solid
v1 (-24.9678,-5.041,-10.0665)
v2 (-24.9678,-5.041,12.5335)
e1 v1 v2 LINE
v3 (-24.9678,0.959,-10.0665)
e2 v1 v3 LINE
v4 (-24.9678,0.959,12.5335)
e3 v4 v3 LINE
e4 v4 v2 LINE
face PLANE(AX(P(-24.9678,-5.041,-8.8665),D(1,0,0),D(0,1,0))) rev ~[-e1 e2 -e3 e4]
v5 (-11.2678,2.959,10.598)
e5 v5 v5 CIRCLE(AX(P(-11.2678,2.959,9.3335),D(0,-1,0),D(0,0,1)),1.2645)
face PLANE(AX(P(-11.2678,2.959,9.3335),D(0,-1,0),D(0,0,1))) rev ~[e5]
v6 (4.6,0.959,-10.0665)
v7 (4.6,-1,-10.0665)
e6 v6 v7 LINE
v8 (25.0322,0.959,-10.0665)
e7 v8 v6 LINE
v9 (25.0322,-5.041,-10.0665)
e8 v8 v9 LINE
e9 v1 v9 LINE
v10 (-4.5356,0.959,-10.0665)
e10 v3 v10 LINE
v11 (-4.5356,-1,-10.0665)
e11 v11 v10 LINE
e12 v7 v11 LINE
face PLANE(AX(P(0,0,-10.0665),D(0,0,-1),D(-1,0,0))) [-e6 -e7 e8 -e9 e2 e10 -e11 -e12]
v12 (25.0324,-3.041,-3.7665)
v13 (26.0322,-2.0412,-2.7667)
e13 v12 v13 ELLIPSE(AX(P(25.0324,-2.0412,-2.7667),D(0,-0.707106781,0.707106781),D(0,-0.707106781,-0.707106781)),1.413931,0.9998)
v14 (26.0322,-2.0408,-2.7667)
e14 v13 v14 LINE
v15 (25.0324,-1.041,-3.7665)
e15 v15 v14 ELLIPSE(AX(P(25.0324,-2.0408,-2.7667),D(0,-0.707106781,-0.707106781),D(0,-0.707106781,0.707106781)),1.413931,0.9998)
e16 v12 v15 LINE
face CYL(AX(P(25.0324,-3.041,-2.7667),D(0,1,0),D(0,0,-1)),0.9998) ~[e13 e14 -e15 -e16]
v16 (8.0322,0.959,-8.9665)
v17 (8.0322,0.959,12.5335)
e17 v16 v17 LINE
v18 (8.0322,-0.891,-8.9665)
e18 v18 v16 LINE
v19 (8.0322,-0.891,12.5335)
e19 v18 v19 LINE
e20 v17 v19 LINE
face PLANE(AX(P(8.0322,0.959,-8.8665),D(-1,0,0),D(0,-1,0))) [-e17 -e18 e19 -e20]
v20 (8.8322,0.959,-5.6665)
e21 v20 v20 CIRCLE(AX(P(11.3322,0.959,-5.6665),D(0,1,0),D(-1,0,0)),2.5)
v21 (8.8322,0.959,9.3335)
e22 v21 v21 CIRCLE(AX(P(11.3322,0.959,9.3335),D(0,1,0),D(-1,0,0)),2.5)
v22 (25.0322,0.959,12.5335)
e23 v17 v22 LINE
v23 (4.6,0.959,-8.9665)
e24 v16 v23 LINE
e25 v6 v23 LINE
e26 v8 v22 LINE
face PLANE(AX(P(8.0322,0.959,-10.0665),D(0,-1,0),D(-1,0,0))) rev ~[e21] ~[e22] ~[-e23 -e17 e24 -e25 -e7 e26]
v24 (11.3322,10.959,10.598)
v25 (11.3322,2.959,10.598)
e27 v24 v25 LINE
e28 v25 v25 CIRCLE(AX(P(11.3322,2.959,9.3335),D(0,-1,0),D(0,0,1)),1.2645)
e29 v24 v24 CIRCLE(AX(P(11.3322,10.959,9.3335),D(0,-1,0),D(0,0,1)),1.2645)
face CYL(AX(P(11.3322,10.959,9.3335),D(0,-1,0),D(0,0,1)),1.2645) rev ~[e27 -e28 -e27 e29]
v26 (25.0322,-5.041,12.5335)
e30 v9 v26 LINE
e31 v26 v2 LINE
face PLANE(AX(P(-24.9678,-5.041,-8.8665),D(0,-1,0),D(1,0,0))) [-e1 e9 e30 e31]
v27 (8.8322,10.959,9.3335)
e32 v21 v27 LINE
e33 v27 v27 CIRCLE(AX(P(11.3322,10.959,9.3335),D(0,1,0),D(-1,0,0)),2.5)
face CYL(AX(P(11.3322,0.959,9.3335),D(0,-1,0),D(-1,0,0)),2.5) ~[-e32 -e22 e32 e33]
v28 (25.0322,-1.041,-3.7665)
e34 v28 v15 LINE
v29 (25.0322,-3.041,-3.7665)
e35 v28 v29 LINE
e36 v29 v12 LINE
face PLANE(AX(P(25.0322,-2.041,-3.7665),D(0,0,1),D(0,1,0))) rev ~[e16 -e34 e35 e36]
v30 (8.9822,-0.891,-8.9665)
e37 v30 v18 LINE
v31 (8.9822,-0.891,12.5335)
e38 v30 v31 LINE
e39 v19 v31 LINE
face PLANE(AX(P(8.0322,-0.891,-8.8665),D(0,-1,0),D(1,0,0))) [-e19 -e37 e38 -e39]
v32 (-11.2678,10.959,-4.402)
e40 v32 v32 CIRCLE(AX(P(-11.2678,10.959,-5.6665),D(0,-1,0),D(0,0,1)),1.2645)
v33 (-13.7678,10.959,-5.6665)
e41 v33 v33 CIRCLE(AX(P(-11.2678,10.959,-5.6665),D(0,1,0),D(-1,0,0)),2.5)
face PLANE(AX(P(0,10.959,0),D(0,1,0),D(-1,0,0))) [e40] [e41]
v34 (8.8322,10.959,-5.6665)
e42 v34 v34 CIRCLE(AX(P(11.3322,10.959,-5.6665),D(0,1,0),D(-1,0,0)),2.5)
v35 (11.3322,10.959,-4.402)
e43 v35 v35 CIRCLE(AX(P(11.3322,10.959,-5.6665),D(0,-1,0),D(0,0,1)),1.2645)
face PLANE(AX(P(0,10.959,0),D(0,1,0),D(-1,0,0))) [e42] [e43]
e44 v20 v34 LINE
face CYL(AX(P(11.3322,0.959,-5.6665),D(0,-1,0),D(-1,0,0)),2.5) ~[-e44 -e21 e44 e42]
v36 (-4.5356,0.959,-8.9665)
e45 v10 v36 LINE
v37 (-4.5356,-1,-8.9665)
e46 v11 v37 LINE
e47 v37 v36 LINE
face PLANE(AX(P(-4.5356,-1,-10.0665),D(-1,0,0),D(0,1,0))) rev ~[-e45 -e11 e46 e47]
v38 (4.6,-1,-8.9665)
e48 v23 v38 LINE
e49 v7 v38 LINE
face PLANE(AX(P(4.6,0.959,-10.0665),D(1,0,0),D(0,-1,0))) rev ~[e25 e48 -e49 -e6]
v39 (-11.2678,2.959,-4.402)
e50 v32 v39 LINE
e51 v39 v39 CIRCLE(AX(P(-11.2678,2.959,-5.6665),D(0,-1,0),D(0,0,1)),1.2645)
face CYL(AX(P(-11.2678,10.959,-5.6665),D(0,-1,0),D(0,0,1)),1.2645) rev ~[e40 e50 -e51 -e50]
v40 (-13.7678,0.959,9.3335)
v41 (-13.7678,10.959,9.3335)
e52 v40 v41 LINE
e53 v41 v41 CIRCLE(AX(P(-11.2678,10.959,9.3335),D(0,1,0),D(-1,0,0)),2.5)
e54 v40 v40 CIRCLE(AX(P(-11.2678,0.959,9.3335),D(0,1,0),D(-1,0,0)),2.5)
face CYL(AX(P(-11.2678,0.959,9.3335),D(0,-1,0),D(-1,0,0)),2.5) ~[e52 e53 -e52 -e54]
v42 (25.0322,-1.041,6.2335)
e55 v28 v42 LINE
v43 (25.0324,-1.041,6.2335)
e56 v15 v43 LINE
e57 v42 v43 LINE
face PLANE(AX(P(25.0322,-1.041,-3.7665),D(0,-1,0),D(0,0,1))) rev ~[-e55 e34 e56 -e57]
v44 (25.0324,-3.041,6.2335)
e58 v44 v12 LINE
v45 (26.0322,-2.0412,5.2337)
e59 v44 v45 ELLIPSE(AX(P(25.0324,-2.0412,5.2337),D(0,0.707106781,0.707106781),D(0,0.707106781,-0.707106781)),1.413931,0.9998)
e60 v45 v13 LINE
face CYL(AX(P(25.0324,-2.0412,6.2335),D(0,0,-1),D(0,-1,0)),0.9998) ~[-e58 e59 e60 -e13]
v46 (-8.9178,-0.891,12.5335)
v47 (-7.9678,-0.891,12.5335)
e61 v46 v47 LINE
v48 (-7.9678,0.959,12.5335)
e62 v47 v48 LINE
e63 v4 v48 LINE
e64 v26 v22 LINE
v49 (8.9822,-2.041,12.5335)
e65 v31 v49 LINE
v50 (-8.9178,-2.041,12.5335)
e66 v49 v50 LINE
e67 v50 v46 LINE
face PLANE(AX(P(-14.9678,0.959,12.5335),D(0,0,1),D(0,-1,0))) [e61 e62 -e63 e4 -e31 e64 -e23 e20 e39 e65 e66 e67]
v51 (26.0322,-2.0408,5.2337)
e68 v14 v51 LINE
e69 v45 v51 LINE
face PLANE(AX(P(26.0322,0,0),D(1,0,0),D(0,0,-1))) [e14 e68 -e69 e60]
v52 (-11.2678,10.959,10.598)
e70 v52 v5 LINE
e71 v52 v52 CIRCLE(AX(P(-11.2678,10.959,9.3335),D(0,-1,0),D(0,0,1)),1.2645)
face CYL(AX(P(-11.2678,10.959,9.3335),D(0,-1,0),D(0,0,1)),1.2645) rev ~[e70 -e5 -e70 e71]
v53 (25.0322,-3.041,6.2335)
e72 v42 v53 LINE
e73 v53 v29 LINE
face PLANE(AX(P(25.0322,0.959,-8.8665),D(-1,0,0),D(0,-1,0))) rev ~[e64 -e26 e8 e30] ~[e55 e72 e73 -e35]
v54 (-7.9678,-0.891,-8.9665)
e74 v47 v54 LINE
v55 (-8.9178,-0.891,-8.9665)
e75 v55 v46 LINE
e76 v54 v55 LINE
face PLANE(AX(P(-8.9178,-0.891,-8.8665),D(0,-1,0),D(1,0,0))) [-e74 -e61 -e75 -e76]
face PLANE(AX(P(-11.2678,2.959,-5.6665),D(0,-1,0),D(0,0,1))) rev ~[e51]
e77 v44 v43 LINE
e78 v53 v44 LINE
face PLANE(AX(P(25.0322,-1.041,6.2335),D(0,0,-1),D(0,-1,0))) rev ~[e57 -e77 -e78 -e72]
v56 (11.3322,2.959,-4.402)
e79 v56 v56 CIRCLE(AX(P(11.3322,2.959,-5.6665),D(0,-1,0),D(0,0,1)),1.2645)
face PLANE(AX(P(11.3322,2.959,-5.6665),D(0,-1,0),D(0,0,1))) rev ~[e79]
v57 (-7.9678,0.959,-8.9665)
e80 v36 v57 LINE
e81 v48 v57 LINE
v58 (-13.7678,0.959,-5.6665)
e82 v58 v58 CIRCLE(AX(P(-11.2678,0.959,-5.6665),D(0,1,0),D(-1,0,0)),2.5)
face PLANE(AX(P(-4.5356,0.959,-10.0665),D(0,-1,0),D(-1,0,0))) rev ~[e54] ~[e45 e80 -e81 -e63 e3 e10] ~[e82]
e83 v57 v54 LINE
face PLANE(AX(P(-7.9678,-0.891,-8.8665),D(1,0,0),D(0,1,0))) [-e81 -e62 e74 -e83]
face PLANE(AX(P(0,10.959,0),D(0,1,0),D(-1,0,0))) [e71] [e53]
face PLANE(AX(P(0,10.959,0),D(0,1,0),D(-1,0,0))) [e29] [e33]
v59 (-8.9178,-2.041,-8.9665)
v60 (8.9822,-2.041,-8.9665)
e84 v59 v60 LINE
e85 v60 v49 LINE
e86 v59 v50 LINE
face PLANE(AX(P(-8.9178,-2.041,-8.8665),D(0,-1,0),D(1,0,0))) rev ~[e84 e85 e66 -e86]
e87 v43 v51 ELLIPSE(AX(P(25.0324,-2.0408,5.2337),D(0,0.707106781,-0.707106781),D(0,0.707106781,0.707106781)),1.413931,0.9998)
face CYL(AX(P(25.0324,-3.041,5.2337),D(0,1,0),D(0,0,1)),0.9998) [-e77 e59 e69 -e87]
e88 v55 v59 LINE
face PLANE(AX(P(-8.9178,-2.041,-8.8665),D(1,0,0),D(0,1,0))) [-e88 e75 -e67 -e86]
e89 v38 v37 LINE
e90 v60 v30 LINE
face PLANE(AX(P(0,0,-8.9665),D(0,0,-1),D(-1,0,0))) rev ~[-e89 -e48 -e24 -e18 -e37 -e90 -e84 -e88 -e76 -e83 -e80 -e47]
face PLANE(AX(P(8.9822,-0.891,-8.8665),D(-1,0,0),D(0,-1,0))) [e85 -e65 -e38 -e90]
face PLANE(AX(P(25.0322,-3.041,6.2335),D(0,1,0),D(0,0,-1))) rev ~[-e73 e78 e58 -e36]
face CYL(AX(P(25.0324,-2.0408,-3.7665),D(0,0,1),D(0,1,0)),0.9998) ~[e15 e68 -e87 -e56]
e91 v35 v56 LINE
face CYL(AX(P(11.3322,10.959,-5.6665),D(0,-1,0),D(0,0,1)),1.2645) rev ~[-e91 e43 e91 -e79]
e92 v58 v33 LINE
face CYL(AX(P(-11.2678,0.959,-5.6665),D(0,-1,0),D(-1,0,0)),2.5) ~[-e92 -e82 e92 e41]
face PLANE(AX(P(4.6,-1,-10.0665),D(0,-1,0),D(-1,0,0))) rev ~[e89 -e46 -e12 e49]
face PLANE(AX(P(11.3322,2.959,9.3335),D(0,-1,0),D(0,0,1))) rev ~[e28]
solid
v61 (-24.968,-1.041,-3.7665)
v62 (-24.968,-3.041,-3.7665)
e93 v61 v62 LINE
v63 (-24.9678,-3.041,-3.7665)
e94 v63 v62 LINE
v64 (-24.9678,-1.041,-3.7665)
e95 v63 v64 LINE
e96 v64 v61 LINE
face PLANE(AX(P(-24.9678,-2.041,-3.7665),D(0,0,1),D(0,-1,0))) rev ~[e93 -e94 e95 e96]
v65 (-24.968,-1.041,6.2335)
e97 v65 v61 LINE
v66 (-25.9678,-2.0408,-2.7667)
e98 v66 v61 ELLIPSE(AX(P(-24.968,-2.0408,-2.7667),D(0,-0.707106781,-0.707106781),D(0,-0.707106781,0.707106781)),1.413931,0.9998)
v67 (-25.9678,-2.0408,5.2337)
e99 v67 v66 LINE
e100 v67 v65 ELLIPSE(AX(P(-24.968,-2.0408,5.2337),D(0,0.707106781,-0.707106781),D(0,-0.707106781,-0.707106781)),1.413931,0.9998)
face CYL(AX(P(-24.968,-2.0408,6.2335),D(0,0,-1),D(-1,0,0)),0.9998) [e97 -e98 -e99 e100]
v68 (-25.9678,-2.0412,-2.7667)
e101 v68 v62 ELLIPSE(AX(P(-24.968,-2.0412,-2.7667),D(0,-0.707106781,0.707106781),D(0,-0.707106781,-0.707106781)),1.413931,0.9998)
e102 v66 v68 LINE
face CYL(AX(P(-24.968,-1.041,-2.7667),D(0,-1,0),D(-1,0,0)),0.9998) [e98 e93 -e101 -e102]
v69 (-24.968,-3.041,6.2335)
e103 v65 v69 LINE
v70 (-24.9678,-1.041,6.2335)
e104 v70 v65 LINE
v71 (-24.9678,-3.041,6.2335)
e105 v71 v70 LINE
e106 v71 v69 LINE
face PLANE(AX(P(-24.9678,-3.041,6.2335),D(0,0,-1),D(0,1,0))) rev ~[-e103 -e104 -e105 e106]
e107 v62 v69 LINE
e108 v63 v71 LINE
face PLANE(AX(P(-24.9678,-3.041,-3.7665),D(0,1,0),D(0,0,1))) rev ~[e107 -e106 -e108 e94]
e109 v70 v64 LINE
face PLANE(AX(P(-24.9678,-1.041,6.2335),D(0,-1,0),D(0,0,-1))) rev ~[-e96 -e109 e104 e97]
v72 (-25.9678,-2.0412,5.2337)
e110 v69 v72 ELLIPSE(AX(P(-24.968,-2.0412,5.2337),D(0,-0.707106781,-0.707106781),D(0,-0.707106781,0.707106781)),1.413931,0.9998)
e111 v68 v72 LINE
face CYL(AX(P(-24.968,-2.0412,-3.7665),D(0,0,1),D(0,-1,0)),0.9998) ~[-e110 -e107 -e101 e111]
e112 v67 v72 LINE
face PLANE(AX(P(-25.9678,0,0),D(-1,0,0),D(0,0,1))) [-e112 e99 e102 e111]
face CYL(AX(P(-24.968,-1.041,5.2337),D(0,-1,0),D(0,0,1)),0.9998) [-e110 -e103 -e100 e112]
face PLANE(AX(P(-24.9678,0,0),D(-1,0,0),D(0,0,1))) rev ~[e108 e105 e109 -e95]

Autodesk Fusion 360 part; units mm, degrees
sketch "Sketch6" plane through (0, -2.041, 0) normal (0, -1, 0) x (1, 0, 0)
  arc A0 (-8.8678, -6.7665) -> (-6.8678, -8.7665) centre (-6.8678, -6.7665) ccw
  line L0 (-6.8678, -8.7665) -> (6.9322, -8.7665)
  arc A1 (6.9322, -8.7665) -> (8.9322, -6.7665) centre (6.9322, -6.7665) ccw
  line L1 (8.9322, -6.7665) -> (8.9322, -6.6865)
  line L2 (8.9322, -6.6865) -> (7.6522, -6.6865)
  arc A2 (7.6522, -4.8865) -> (7.6522, -6.6865) centre (7.6522, -5.7865) ccw
  line L3 (7.6522, -4.8865) -> (8.9322, -4.8865)
  line L4 (8.9322, -4.8865) -> (8.9322, -4.1465)
  line L5 (8.9322, -4.1465) -> (7.6522, -4.1465)
  arc A3 (7.6522, -2.3465) -> (7.6522, -4.1465) centre (7.6522, -3.2465) ccw
  line L6 (7.6522, -2.3465) -> (8.9322, -2.3465)
  line L7 (8.9322, -2.3465) -> (8.9322, -1.6065)
  line L8 (8.9322, -1.6065) -> (7.6522, -1.6065)
  arc A4 (7.6522, 0.1935) -> (7.6522, -1.6065) centre (7.6522, -0.7065) ccw
  line L9 (7.6522, 0.1935) -> (8.9322, 0.1935)
  line L10 (8.9322, 0.1935) -> (8.9322, 0.9335)
  line L11 (8.9322, 0.9335) -> (7.6522, 0.9335)
  arc A5 (7.6522, 2.7335) -> (7.6522, 0.9335) centre (7.6522, 1.8335) ccw
  line L12 (7.6522, 2.7335) -> (8.9322, 2.7335)
  line L13 (8.9322, 2.7335) -> (8.9322, 3.4735)
  line L14 (8.9322, 3.4735) -> (7.6522, 3.4735)
  arc A6 (7.6522, 5.2735) -> (7.6522, 3.4735) centre (7.6522, 4.3735) ccw
  line L15 (7.6522, 5.2735) -> (8.9322, 5.2735)
  line L16 (8.9322, 5.2735) -> (8.9322, 6.0135)
  line L17 (8.9322, 6.0135) -> (7.6522, 6.0135)
  arc A7 (7.6522, 7.8135) -> (7.6522, 6.0135) centre (7.6522, 6.9135) ccw
  line L18 (7.6522, 7.8135) -> (8.9322, 7.8135)
  line L19 (8.9322, 7.8135) -> (8.9322, 8.5535)
  line L20 (8.9322, 8.5535) -> (7.6522, 8.5535)
  arc A8 (7.6522, 10.3535) -> (7.6522, 8.5535) centre (7.6522, 9.4535) ccw
  line L21 (7.6522, 10.3535) -> (8.9322, 10.3535)
  line L22 (8.9322, 10.3535) -> (8.9322, 10.4335)
  arc A9 (8.9322, 10.4335) -> (6.9322, 12.4335) centre (6.9322, 10.4335) ccw
  line L23 (6.9322, 12.4335) -> (-6.8678, 12.4335)
  arc A10 (-6.8678, 12.4335) -> (-8.8678, 10.4335) centre (-6.8678, 10.4335) ccw
  line L24 (-8.8678, 10.4335) -> (-8.8678, 10.3535)
  line L25 (-8.8678, 10.3535) -> (-7.5878, 10.3535)
  arc A11 (-7.5878, 8.5535) -> (-7.5878, 10.3535) centre (-7.5878, 9.4535) ccw
  line L26 (-7.5878, 8.5535) -> (-8.8678, 8.5535)
  line L27 (-8.8678, 8.5535) -> (-8.8678, 7.8135)
  line L28 (-8.8678, 7.8135) -> (-7.5878, 7.8135)
  arc A12 (-7.5878, 6.0135) -> (-7.5878, 7.8135) centre (-7.5878, 6.9135) ccw
  line L29 (-7.5878, 6.0135) -> (-8.8678, 6.0135)
  line L30 (-8.8678, 6.0135) -> (-8.8678, 5.2735)
  line L31 (-8.8678, 5.2735) -> (-7.5878, 5.2735)
  arc A13 (-7.5878, 3.4735) -> (-7.5878, 5.2735) centre (-7.5878, 4.3735) ccw
  line L32 (-7.5878, 3.4735) -> (-8.8678, 3.4735)
  line L33 (-8.8678, 3.4735) -> (-8.8678, 2.7335)
  line L34 (-8.8678, 2.7335) -> (-7.5878, 2.7335)
  arc A14 (-7.5878, 0.9335) -> (-7.5878, 2.7335) centre (-7.5878, 1.8335) ccw
  line L35 (-7.5878, 0.9335) -> (-8.8678, 0.9335)
  line L36 (-8.8678, 0.9335) -> (-8.8678, 0.1935)
  line L37 (-8.8678, 0.1935) -> (-7.5878, 0.1935)
  arc A15 (-7.5878, -1.6065) -> (-7.5878, 0.1935) centre (-7.5878, -0.7065) ccw
  line L38 (-7.5878, -1.6065) -> (-8.8678, -1.6065)
  line L39 (-8.8678, -1.6065) -> (-8.8678, -2.3465)
  line L40 (-8.8678, -2.3465) -> (-7.5878, -2.3465)
  arc A16 (-7.5878, -4.1465) -> (-7.5878, -2.3465) centre (-7.5878, -3.2465) ccw
  line L41 (-7.5878, -4.1465) -> (-8.8678, -4.1465)
  line L42 (-8.8678, -4.1465) -> (-8.8678, -4.8865)
  line L43 (-8.8678, -4.8865) -> (-7.5878, -4.8865)
  arc A17 (-7.5878, -6.6865) -> (-7.5878, -4.8865) centre (-7.5878, -5.7865) ccw
  line L44 (-7.5878, -6.6865) -> (-8.8678, -6.6865)
  line L45 (-8.8678, -6.6865) -> (-8.8678, -6.7665)
  line L46 (0.0322, -8.7665) -> (0.0322, 12.4335)
  line L47 (25.0322, 12.5335) -> (-24.9678, 12.5335)
  line L48 (-24.9678, 12.5335) -> (-24.9678, -8.8665)
  line L49 (-24.9678, -8.8665) -> (25.0322, -8.8665)
  line L50 (25.0322, -8.8665) -> (25.0322, 12.5335)
  line L51 (25.0322, 12.5335) -> (-24.9678, -8.8665) construction
  line L52 (-24.9678, 12.5335) -> (25.0322, -8.8665) construction
  point P0 (0.0322, 1.8335)
  point P1 (0.0322, 1.8335)
  dimension "d1" = 50
  dimension "d2" = 21.4
extrude "Extrude1" add sketch "Sketch6" along normal blind 3 contours A0 L0 L23 A10 L24 L25 A11 L26 L27 L28 A12 L29 L30 L31 A13 L32 L33 L34 A14 L35 L36 L37 A15 L38 L39 L40 A16 L41 L42 L43 A17 L44 L45 L46 | L0 A1 L1 L2 A2 L3 L4 L5 A3 L6 L7 L8 A4 L9 L10 L11 A5 L12 L13 L14 A6 L15 L16 L17 A7 L18 L19 L20 A8 L21 L22 A9 L23 L46 | L47 L48 L49 L50 makes body 1
sketch "Sketch7" plane through (0, 0, 12.5335) normal (0, 0, 1) x (1, 0, 0)
  line L0 (25.0322, -2.041) -> (-24.9678, -2.041)
  line L1 (-24.9678, -2.041) -> (-24.9678, -5.041)
  line L2 (-24.9678, -5.041) -> (25.0322, -5.041)
  line L3 (25.0322, -5.041) -> (25.0322, -2.041)
  line L4 (-8.8678, -2.041) -> (8.9323, -2.041)
  line L5 (15.0322, -2.041) -> (15.0322, 0.959)
  line L6 (-14.9678, 0.959) -> (-14.9678, -2.041)
  line L7 (8.9822, -0.891) -> (8.9822, -2.041)
  line L8 (-8.9178, -2.041) -> (-8.9178, -0.891)
  line L9 (15.0322, 0.959) -> (8.0322, 0.959)
  line L10 (-7.9678, 0.959) -> (-14.9678, 0.959)
  line L11 (-8.9178, -0.891) -> (-7.9678, -0.891)
  line L12 (8.0322, -0.891) -> (8.9822, -0.891)
  line L13 (-7.9678, -1.0131) -> (-7.9678, 0.959)
  line L14 (8.0322, 0.959) -> (8.0322, -0.891)
  line L15 (-14.9678, -2.041) -> (15.0322, -2.041)
  point P0 (0.0322, -2.041)
  point P1 (0.0322, -2.041)
  point P2 (0.0322, -2.041)
  dimension "d5" = 17.8001
  dimension "d6" = 30
extrude "Extrude2" add sketch "Sketch7" against normal blind 21.4 contours L0 L5 L7 L9 L12 L14 L15 | L0 L6 L8 L10 L11 L13 L15 bodies 1
extrude "Extrude3" add 1 faces at (15.0322, -1.041, 5.4001) along direction (1, 0, 0) blind 10 on bodies 1 bodies 1
extrude "Extrude4" add 1 faces at (-14.9678, -0.041, 5.4001) along direction (-1, 0, 0) blind 10 on bodies 1 bodies 1
sketch "Sketch8" plane through (0, 0.959, 0) normal (0, 1, 0) x (-1, 0, 0)
  line L0 (-8.0322, 12.5335) -> (-25.0322, 12.5335)
  line L1 (-25.0322, 12.5335) -> (-25.0322, -8.8665)
  line L2 (-25.0322, -8.8665) -> (-8.0322, -8.8665)
  line L3 (-8.0322, -8.8665) -> (-8.0322, 12.5335)
  line L4 (24.9678, 12.5335) -> (24.9678, -8.8665)
  line L5 (-25.0322, 1.8335) -> (24.9678, 1.8335)
  line L6 (-11.3322, 9.3335) -> (11.2678, -5.6665) construction
  line L7 (11.2678, 9.3335) -> (-11.3322, -5.6665) construction
  circle A0 centre (11.2678, -5.6665) radius 2.5
  circle A1 centre (-11.3322, -5.6665) radius 2.5
  circle A2 centre (11.2678, 9.3335) radius 2.5
  circle A3 centre (-11.3322, 9.3335) radius 2.5
  point P0 (30, -14)
  point P1 (24.9678, 1.8335)
  point P2 (-25.0322, 1.8335)
  point P3 (-0.0322, 1.8335)
  point P4 (-0.0322, 1.8335)
  dimension "d17" = 22.6
  dimension "d18" = 15
  dimension "d19" = 5
  dimension "d22" = -22.6
  dimension "d23" = 15
extrude "Extrude5" add sketch "Sketch8" along normal blind 10 contours A0 | A1 | A2 | A3 bodies 1
sketch "Sketch9" plane through (0, 10.959, 0) normal (0, 1, 0) x (-1, 0, 0)
  circle A0 centre (11.2678, -5.6665) radius 2.5
  circle A1 centre (11.2678, -5.6665) radius 2.5
  point P0 (-11.3322, -5.6665)
  point P1 (11.2678, 9.3335)
  point P2 (-11.3322, 9.3335)
  dimension "d28" = -22.6
  dimension "d29" = 15
hole "Hole1" at (-11.2678, 10.959, -5.6665) at (-11.2678, 10.959, 9.3335) at (11.3322, 10.959, 9.3335) at (11.3322, 10.959, -5.6665) direction (0, -1, 0) diameter 2.529 depth 8 tip angle 180 bodies 1
extrude "Extrude6" add 1 faces at (3.0155, -4.041, -8.8665) along direction (0, 0, -1) blind 1.2 on bodies 1 bodies 1
sketch "Sketch10" plane through (0, 0, -10.0665) normal (0, 0, -1) x (-1, 0, 0)
  line L0 (24.9678, -2.041) -> (24.9678, -2.041)
  line L1 (24.9678, -2.041) -> (24.9678, 0.959)
  line L2 (24.9678, 0.959) -> (7.9678, 0.959)
  line L3 (7.9678, 0.959) -> (7.9678, -0.891)
  line L4 (7.9678, -0.891) -> (8.9178, -0.891)
  line L5 (8.9178, -0.891) -> (8.9178, -2.041)
  line L6 (8.9178, -2.041) -> (-8.9822, -2.041)
  line L7 (-8.9822, -2.041) -> (-8.9822, -0.891)
  line L8 (-8.9822, -0.891) -> (-8.0322, -0.891)
  line L9 (-8.0322, -0.891) -> (-8.0322, 0.959)
  line L10 (-8.0322, 0.959) -> (-25.0322, 0.959)
  line L11 (-25.0322, 0.959) -> (-25.0322, -2.041)
  line L12 (-25.0322, -2.041) -> (-25.0322, -2.041)
  line L13 (-25.0322, -2.041) -> (-25.0322, -5.041)
  line L14 (-25.0322, -5.041) -> (24.9678, -5.041)
  line L15 (24.9678, -5.041) -> (24.9678, -2.041)
  line L16 (7.9678, -0.891) -> (8.9178, -0.891)
  line L17 (8.9178, -2.041) -> (-8.9822, -2.041)
  line L18 (-8.9822, -0.891) -> (-8.0322, -0.891)
  line L19 (-4.6, -1) -> (4.5356, -1)
  line L20 (4.5356, -1) -> (4.5356, 0.959)
  line L21 (-4.6, 0.959) -> (-4.6, -1)
  line L22 (-8.0322, 0.959) -> (-4.6, 0.959)
  line L23 (4.5356, 0.959) -> (7.9678, 0.959)
extrude "Extrude7" add sketch "Sketch10" against normal blind 1.1 contours L3 L4 L5 L6 L7 L8 L9 L16 L17 L18 L19 L20 L21 L22 L23 bodies 1
sketch "Sketch11" plane through (25.0322, 0, 0) normal (1, 0, 0) x (0, 0, -1)
  line L0 (-12.5335, 0.959) -> (-12.5335, -2.041)
  line L1 (-12.5335, -2.041) -> (10.0665, -2.041)
  line L2 (10.0665, -2.041) -> (10.0665, 0.959)
  line L3 (10.0665, 0.959) -> (-12.5335, 0.959)
  line L4 (-12.5335, -2.041) -> (10.0665, -2.041)
  line L5 (3.7665, -1.041) -> (-6.2335, -1.041)
  line L6 (-6.2335, -1.041) -> (-6.2335, -3.041)
  line L7 (-6.2335, -3.041) -> (3.7665, -3.041)
  line L8 (3.7665, -3.041) -> (3.7665, -1.041)
  line L9 (3.7665, -1.041) -> (-6.2335, -3.041) construction
  line L10 (-6.2335, -1.041) -> (3.7665, -3.041) construction
  point P0 (-1.2335, -2.041)
  point P1 (-1.2335, -2.041)
  dimension "d43" = 10
  dimension "d44" = 2
extrude "Extrude8" add sketch "Sketch11" along normal blind 1 contours L1 L4 L5 L6 L8 | L1 L4 L6 L7 L8 bodies 1
fillet "Fillet1" radius 1 4 edges at (26.0322, -1.041, 1.2335) (26.0322, -3.041, 1.2335) (26.0322, -2.041, 6.2335) (26.0322, -2.041, -3.7665) on bodies 1
sketch "Sketch12" plane through (-24.9678, 0, 0) normal (-1, 0, 0) x (0, 0, 1)
  line L0 (12.5335, -2.041) -> (12.5335, 0.959)
  line L1 (12.5335, 0.959) -> (-10.0665, 0.959)
  line L2 (-10.0665, 0.959) -> (-10.0665, -2.041)
  line L3 (-10.0665, -2.041) -> (12.5335, -2.041)
  line L4 (-10.0665, -2.041) -> (12.5335, -2.041)
  line L5 (-3.7665, -3.041) -> (6.2335, -3.041)
  line L6 (6.2335, -3.041) -> (6.2335, -1.041)
  line L7 (6.2335, -1.041) -> (-3.7665, -1.041)
  line L8 (-3.7665, -1.041) -> (-3.7665, -3.041)
  line L9 (-3.7665, -3.041) -> (6.2335, -1.041) construction
  line L10 (6.2335, -3.041) -> (-3.7665, -1.041) construction
  point P0 (1.2335, -2.041)
  point P1 (1.2335, -2.041)
  dimension "d49" = 10
  dimension "d50" = 2
extrude "Extrude9" add sketch "Sketch12" along normal blind 1 separate body contours L3 L4 L5 L6 L8 | L3 L4 L6 L7 L8 makes body 2
fillet "Fillet2" radius 1 4 edges at (-25.9678, -2.041, -3.7665) (-25.9678, -1.041, 1.2335) (-25.9678, -3.041, 1.2335) (-25.9678, -2.041, 6.2335) on bodies 2
